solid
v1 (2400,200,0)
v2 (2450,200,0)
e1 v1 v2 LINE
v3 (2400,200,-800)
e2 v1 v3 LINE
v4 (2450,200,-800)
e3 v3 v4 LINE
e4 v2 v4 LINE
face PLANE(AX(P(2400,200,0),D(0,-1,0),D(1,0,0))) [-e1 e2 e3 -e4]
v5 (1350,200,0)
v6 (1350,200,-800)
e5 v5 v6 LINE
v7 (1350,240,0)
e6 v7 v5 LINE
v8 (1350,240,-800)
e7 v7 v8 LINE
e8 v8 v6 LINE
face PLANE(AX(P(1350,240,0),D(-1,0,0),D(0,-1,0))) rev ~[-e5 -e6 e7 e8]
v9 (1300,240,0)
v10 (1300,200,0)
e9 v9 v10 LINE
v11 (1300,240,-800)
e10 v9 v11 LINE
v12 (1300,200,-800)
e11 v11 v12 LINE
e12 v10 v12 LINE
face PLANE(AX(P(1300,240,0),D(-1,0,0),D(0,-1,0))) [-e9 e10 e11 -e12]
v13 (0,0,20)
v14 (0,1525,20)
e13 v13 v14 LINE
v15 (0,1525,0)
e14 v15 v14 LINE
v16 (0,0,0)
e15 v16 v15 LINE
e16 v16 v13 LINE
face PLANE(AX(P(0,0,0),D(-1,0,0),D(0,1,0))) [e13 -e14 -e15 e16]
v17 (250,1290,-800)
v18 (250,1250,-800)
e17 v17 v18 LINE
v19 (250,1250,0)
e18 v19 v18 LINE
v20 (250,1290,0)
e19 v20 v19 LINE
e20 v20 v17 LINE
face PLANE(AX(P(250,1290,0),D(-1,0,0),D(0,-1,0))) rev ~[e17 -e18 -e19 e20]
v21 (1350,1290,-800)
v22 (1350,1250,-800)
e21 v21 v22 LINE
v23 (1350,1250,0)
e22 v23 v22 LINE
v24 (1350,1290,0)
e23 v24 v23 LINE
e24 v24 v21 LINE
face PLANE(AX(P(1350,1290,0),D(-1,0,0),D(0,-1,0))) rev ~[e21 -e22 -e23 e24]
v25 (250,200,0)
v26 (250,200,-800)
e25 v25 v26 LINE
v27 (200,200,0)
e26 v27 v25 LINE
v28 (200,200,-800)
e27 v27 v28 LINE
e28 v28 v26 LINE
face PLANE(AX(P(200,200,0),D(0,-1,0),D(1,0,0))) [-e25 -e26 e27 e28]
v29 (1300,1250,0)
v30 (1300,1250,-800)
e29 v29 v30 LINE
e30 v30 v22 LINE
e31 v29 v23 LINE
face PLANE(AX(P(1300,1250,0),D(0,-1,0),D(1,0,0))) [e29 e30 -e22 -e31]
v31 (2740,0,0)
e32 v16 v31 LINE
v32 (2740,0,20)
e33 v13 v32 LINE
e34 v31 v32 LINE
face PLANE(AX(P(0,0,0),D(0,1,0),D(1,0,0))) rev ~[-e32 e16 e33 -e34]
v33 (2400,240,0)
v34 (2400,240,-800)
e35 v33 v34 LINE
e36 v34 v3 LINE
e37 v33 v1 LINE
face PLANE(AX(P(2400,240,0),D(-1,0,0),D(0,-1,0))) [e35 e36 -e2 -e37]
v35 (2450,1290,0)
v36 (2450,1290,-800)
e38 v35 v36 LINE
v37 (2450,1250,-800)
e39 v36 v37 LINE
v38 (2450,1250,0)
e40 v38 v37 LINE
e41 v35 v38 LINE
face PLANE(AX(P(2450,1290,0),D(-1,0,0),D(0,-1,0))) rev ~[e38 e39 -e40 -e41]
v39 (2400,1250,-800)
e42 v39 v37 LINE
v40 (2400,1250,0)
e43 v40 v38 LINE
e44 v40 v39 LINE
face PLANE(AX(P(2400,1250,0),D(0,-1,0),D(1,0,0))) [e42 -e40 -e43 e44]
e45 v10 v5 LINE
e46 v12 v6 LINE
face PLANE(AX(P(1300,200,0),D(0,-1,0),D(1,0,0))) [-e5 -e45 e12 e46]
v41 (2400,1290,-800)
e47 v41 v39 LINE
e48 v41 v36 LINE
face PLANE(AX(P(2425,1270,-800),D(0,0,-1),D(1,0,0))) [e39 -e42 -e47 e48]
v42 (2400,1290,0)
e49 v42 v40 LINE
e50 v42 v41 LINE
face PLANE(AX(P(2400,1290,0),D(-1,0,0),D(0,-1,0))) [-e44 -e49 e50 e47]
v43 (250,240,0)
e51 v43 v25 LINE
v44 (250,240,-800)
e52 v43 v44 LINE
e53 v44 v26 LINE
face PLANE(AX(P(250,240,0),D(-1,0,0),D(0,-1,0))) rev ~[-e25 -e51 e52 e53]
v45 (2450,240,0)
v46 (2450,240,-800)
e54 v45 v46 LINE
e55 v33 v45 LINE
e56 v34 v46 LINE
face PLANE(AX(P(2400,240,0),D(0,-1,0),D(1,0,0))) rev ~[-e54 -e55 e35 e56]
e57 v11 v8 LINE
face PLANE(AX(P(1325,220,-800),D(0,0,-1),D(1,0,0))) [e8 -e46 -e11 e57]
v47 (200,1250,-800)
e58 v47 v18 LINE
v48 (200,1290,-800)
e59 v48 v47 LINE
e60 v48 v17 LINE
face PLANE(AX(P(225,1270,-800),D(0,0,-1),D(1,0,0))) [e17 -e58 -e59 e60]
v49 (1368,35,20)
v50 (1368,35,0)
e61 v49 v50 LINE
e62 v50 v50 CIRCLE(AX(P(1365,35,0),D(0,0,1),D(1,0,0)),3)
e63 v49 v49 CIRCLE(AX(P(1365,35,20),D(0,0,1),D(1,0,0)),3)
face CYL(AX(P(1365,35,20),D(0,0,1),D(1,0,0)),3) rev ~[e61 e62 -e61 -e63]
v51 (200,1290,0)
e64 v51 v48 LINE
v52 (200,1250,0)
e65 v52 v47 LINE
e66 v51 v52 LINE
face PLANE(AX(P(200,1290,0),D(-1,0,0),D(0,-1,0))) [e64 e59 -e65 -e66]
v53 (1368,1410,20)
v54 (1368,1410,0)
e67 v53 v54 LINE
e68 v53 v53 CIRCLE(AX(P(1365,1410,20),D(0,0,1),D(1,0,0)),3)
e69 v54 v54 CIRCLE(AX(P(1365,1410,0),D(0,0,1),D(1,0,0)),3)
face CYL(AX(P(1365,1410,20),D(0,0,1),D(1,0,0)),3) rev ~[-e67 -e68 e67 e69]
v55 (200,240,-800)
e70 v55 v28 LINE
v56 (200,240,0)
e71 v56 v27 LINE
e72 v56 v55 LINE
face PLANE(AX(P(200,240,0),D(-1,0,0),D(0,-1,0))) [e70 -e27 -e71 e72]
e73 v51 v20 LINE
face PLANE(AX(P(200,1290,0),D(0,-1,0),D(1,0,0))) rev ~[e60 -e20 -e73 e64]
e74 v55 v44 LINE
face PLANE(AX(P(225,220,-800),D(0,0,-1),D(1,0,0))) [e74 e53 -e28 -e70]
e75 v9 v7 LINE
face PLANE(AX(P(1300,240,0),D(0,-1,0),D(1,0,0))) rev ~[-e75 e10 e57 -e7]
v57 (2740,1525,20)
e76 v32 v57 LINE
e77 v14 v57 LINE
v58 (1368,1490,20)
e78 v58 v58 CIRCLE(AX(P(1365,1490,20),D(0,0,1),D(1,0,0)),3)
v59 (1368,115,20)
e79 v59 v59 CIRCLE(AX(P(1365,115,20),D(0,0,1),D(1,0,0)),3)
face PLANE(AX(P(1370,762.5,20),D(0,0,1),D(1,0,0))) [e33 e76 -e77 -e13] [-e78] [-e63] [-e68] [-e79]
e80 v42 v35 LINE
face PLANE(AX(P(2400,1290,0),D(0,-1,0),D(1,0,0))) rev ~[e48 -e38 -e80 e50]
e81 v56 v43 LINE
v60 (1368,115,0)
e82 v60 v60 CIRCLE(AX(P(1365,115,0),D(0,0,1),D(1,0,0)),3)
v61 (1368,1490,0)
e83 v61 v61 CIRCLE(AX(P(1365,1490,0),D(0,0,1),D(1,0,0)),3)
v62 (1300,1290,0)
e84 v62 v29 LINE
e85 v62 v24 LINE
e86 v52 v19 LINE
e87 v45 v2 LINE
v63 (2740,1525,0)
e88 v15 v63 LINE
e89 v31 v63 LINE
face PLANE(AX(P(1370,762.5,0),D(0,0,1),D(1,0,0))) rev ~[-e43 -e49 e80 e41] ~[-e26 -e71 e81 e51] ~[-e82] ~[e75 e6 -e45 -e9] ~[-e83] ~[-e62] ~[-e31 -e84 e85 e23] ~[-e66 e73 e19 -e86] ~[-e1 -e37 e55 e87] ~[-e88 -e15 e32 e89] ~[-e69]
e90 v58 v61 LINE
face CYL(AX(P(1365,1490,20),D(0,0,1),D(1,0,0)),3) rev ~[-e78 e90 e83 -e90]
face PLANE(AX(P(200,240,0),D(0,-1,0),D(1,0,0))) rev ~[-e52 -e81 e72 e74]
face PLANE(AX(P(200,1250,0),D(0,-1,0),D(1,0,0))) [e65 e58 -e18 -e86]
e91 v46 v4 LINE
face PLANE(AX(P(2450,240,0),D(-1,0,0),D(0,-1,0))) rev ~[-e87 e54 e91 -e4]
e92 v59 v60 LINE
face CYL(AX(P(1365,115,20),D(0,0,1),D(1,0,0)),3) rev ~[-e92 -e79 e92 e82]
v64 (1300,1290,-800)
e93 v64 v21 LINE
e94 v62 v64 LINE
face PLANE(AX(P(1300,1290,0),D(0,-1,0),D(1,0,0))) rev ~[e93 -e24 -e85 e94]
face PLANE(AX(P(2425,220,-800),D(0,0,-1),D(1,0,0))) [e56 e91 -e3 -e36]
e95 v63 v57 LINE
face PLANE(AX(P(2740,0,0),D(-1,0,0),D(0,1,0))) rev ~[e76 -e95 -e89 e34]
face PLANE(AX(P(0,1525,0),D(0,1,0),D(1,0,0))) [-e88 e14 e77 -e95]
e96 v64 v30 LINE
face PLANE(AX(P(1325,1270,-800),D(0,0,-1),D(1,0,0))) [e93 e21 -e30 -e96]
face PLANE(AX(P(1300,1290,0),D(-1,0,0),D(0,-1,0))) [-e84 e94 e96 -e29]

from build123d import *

# Parameters (mm, degrees)
F0_W     = 2740
F0_H     = 1525
F1_DEPTH = 20
F2_R     = 3
F3_DEPTH = 25
F4_W     = 50
F4_H     = 40
F5_DEPTH = 800


with BuildPart() as f1:
    # F0 (on Top) → F1 (new body)
    with BuildSketch(Plane.XY):
        with Locations((1370, 762.5)):
            Rectangle(F0_W, F0_H)
    extrude(amount=F1_DEPTH)

    # F2 (on face) → F3 (cut)
    with BuildSketch(Plane.XY.offset(20)):
        with Locations((1365, 1490)):
            Circle(F2_R)
        with Locations((1365, 1410)):
            Circle(F2_R)
        with Locations((1365, 35)):
            Circle(F2_R)
        with Locations((1365, 115)):
            Circle(F2_R)
    extrude(amount=-F3_DEPTH, mode=Mode.SUBTRACT)

    # F4 (on face) → F5 (join)
    with BuildSketch(Plane(origin=(0, 0, 0), x_dir=(1, 0, 0), z_dir=(0, 0, -1))):
        with Locations((225, -220)):
            Rectangle(F4_W, F4_H)
        with Locations((225, -1270)):
            Rectangle(F4_W, F4_H)
        with Locations((1325, -220)):
            Rectangle(F4_W, F4_H)
        with Locations((1325, -1270)):
            Rectangle(F4_W, F4_H)
        with Locations((2425, -220)):
            Rectangle(F4_W, F4_H)
        with Locations((2425, -1270)):
            Rectangle(F4_W, F4_H)
    extrude(amount=F5_DEPTH)


solid = f1.part
